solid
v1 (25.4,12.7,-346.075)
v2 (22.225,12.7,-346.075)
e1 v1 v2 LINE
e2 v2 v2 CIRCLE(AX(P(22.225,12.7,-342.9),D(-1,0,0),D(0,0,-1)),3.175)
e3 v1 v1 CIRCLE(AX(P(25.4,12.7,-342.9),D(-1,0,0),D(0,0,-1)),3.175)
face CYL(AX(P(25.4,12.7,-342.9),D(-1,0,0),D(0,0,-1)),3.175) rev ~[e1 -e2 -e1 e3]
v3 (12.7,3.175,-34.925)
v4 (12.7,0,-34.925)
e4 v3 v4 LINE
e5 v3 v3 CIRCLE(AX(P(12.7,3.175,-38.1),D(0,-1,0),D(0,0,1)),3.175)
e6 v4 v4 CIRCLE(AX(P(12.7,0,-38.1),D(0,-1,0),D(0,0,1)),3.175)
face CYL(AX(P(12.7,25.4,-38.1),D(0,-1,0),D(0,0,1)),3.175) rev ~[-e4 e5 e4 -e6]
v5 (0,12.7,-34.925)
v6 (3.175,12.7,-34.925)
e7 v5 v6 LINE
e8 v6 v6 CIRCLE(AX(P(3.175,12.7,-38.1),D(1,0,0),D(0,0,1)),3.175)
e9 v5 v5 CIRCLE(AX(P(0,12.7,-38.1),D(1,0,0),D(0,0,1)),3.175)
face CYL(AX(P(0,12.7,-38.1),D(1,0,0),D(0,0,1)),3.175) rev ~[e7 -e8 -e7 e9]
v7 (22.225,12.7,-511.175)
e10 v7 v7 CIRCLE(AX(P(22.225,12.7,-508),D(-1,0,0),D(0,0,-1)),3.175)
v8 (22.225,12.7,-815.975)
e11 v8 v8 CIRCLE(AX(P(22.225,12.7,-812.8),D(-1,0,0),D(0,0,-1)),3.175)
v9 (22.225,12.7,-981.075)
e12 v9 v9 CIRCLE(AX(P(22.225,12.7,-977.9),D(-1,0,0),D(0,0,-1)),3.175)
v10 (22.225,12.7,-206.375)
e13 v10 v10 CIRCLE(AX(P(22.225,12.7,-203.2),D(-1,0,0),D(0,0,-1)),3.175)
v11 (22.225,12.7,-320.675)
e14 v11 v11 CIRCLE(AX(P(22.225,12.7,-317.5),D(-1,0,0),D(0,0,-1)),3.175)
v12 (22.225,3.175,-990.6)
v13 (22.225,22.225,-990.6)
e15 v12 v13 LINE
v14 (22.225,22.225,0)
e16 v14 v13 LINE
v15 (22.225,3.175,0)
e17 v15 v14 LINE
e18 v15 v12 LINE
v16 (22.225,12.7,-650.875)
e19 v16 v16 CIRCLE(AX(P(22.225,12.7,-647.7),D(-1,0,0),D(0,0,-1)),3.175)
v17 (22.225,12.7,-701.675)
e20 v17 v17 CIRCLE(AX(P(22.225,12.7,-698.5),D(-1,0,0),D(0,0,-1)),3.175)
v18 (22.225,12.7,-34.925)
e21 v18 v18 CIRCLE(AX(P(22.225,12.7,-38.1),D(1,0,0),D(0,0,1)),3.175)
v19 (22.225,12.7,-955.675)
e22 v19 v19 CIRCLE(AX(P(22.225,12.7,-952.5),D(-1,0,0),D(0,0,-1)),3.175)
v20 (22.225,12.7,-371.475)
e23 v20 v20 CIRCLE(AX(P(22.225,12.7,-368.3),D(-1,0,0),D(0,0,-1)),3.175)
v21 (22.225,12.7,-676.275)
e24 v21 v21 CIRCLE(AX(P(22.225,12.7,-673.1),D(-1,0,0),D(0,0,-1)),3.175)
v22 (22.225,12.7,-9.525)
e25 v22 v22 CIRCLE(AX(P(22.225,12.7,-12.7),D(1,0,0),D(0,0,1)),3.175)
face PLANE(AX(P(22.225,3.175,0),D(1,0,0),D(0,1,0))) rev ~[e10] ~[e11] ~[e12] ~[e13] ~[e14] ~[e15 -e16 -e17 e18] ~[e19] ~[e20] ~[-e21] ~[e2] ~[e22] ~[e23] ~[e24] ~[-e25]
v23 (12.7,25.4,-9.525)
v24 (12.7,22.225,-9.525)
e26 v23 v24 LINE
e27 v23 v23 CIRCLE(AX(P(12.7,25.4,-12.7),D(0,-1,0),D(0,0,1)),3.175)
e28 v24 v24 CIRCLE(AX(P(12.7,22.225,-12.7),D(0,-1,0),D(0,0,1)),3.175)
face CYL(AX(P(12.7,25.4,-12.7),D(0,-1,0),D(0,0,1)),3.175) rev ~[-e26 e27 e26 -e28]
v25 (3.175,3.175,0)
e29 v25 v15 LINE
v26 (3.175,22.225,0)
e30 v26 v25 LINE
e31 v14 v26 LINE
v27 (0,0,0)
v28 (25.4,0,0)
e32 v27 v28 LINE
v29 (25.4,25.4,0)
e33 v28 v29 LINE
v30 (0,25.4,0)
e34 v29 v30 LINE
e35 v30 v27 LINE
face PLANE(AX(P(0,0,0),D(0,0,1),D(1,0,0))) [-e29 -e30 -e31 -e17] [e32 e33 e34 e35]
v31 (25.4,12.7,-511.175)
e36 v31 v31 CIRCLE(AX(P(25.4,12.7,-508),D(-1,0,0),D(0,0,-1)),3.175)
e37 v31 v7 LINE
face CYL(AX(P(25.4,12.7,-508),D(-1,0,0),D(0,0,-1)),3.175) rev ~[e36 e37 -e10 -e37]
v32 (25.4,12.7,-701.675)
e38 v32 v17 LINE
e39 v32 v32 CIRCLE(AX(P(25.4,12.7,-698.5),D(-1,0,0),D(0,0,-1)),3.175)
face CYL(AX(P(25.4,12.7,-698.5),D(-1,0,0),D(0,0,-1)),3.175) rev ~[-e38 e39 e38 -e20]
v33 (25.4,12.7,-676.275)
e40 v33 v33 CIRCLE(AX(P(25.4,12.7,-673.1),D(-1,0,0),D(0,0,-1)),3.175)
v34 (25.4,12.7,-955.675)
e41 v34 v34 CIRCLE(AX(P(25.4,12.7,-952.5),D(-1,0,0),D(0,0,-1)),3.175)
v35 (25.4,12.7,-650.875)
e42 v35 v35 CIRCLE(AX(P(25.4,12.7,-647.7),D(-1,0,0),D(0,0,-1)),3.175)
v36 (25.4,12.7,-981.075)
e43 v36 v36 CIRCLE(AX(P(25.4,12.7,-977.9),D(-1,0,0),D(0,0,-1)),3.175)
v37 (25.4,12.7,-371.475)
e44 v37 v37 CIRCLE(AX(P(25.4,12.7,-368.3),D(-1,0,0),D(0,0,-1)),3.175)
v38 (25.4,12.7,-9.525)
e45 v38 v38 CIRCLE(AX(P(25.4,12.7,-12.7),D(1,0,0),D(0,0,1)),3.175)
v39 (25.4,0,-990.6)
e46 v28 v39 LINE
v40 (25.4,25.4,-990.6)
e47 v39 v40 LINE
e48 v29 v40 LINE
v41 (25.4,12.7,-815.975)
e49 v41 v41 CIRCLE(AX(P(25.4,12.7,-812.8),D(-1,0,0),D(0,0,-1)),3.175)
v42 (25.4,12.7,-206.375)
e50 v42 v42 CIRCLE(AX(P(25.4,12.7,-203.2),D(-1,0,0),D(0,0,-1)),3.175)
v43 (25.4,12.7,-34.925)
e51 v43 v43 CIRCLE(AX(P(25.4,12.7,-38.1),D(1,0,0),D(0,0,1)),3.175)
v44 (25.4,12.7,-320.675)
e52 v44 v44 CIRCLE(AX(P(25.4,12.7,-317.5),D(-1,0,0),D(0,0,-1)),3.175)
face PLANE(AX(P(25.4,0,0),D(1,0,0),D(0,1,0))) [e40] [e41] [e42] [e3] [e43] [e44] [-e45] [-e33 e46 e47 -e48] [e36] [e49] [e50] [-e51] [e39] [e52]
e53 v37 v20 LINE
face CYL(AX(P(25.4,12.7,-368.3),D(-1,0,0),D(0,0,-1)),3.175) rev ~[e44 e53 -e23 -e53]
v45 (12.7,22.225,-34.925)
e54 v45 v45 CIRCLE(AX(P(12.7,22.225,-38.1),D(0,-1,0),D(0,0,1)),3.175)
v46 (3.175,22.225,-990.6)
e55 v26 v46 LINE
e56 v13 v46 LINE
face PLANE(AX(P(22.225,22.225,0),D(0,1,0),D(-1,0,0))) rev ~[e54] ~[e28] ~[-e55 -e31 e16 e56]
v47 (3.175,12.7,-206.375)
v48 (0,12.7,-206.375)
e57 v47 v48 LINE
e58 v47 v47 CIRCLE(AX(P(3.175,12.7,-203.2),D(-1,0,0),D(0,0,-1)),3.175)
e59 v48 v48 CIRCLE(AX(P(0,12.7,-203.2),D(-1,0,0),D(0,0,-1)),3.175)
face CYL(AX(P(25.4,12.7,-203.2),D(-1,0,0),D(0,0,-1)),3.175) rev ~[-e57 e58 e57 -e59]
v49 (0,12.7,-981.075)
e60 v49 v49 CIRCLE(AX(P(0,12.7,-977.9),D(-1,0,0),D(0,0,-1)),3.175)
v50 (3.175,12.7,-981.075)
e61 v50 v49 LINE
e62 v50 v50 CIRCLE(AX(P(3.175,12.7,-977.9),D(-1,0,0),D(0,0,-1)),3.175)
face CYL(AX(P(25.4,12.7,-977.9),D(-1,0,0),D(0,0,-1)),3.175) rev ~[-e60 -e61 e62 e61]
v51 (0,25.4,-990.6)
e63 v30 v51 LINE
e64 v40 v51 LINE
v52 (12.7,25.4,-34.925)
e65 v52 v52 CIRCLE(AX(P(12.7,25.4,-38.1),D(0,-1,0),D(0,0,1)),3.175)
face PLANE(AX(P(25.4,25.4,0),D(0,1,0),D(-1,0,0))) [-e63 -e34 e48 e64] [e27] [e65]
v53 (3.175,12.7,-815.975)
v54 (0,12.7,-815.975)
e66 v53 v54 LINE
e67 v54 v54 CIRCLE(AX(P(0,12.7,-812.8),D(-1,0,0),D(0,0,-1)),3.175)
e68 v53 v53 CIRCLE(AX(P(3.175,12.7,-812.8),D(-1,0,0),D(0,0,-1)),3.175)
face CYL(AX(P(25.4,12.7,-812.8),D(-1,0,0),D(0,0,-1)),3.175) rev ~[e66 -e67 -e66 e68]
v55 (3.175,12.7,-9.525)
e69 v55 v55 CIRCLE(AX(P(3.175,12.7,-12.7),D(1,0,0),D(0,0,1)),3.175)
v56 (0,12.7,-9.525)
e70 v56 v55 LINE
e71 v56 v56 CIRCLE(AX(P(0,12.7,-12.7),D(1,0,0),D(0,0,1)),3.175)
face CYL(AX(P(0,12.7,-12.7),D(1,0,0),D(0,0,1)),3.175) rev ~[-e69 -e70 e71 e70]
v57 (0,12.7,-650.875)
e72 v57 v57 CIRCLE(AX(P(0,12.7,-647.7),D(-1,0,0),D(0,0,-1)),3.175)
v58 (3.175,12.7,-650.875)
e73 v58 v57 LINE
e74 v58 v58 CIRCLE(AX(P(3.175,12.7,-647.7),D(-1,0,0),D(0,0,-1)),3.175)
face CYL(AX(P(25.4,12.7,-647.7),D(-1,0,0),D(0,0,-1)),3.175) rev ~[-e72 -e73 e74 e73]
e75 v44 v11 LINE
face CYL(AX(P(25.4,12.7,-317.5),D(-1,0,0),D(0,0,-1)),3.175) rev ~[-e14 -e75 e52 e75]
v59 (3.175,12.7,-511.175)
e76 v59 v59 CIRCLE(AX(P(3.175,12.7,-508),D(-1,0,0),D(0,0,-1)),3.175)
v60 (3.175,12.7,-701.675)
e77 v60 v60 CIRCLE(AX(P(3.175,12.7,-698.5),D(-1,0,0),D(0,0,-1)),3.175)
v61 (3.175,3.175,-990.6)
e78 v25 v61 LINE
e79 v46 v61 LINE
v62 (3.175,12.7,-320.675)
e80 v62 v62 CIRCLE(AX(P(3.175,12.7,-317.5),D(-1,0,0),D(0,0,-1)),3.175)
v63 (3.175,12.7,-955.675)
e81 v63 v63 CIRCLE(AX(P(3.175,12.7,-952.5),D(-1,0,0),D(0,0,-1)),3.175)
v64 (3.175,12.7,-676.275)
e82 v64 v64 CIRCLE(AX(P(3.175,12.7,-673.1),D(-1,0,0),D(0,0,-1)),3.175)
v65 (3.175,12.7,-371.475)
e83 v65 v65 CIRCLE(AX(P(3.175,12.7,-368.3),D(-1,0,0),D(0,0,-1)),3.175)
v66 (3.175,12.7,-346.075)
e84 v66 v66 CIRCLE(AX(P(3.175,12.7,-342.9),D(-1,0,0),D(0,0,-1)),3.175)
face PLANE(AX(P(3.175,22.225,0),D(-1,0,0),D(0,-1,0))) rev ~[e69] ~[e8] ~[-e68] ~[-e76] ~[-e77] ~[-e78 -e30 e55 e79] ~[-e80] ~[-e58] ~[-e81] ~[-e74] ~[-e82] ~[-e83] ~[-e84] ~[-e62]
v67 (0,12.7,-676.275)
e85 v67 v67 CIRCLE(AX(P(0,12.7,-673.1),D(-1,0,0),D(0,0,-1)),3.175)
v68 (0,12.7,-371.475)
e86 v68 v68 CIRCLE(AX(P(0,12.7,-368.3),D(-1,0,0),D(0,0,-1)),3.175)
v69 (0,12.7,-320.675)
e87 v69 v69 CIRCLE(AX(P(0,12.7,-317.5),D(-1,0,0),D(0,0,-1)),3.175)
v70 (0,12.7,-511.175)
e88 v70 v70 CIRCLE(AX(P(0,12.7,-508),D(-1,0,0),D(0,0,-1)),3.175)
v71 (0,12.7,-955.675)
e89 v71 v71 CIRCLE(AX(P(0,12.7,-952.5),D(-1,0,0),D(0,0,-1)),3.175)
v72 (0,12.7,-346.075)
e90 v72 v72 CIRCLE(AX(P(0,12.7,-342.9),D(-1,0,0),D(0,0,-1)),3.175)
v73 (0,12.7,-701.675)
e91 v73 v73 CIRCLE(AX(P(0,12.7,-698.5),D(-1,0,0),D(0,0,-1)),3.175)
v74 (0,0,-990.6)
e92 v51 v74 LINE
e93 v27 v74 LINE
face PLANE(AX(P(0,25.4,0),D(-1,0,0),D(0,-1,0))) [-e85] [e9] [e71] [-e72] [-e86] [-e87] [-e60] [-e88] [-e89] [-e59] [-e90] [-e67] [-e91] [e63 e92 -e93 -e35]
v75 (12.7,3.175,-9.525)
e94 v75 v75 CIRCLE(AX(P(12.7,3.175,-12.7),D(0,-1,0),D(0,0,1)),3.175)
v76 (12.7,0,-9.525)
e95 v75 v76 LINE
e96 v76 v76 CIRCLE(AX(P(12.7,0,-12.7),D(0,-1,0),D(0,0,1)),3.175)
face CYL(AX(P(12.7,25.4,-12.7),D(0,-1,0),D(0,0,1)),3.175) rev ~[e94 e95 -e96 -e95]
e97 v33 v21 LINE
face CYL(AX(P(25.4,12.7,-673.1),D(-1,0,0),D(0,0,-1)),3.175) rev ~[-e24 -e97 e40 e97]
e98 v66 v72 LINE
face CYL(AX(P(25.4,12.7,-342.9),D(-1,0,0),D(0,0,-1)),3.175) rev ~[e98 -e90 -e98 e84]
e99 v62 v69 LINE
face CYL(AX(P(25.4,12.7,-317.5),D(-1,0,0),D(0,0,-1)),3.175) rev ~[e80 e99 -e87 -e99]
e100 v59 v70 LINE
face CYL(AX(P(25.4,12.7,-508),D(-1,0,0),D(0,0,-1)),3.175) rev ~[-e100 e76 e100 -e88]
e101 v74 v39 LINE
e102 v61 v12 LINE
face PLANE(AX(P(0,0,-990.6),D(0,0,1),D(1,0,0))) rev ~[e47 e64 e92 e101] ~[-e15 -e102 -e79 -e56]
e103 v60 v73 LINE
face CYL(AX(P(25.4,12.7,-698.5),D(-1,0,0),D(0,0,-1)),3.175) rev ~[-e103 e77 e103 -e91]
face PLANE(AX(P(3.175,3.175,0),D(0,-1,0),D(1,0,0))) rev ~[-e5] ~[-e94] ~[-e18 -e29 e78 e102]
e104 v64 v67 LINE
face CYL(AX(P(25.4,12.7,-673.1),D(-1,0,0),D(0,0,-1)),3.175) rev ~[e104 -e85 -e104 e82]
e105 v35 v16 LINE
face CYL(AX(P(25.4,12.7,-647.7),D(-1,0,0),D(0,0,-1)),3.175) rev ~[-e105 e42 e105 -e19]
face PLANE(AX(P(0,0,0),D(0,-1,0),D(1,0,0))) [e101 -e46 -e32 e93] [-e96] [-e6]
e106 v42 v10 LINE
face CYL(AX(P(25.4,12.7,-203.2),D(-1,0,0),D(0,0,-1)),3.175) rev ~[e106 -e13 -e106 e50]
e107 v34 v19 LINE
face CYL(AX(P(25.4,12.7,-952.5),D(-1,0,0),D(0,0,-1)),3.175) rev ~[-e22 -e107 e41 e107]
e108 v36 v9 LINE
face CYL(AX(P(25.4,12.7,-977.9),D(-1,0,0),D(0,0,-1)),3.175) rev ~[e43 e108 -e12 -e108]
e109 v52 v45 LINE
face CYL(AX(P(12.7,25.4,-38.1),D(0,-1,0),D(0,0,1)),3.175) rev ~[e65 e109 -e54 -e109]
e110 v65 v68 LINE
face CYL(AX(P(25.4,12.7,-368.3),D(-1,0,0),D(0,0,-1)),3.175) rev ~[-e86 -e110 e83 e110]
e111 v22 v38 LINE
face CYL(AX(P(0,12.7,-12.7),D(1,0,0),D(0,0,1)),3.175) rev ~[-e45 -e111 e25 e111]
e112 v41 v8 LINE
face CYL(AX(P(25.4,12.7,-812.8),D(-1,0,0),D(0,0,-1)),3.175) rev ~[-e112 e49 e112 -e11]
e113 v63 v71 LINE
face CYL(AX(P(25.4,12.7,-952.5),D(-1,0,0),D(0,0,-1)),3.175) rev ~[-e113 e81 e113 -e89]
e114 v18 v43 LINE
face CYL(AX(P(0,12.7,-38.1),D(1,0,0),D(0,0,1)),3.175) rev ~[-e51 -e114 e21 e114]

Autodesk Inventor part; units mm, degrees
ref_plane "YZ Plane" through (0, 0, 0) normal (1, 0, 0) x (0, 1, 0)
ref_plane "XZ Plane" through (0, 0, 0) normal (0, 1, 0) x (-1, 0, 0)
ref_plane "XY Plane" through (0, 0, 0) normal (0, 0, 1) x (1, 0, 0)
sketch "Sketch1" plane through (0, 0, 0) normal (0, 0, 1) x (1, 0, 0)
  line L0 (0, 0) -> (25.4, 0)
  line L1 (25.4, 0) -> (25.4, 25.4)
  line L2 (25.4, 25.4) -> (0, 25.4)
  line L3 (0, 25.4) -> (0, 0)
  line L4 (3.175, 3.175) -> (22.225, 3.175)
  line L5 (22.225, 3.175) -> (22.225, 22.225)
  line L6 (22.225, 22.225) -> (3.175, 22.225)
  line L7 (3.175, 22.225) -> (3.175, 3.175)
  dimension "d0" = 25.4
  dimension "d1" = 25.4
  dimension "d2" = 3.175
extrude "Extrusion1" add sketch "Sketch1" against normal blind 990.6
sketch "Sketch3" plane through (0, 25.4, 0) normal (0, 1, 0) x (1, 0, 0)
  line L0 (25.4, 0) -> (0, 0) projected
  point P0 (12.7, 12.7)
  point P1 (12.7, 38.1)
  dimension "d24" = 12.7
  dimension "d25" = 25.4
hole "Hole3" at (12.7, 25.4, -12.7) at (12.7, 25.4, -38.1) direction (0, -1, 0) diameter 6.35 depth 25.4 tip angle 118
sketch "Sketch4" plane through (0, 0, 0) normal (-1, 0, 0) x (0, 0, 1)
  line L0 (0, 25.4) -> (0, 0) projected
  point P0 (-12.7, 12.7)
  point P1 (-38.1, 12.7)
  dimension "d33" = 12.7
  dimension "d34" = 25.4
hole "Hole4" at (0, 12.7, -12.7) at (0, 12.7, -38.1) direction (1, 0, 0) diameter 6.35 depth 25.4 tip angle 118
sketch "Sketch5" plane through (25.4, 0, 0) normal (1, 0, 0) x (0, 0, -1)
  line L0 (0, 0) -> (0, 25.4) projected
  point P0 (317.5, 12.7)
  point P1 (342.9, 12.7)
  point P2 (368.3, 12.7)
  point P3 (647.7, 12.7)
  point P4 (673.1, 12.7)
  point P5 (698.5, 12.7)
  point P6 (812.8, 12.7)
  point P7 (508, 12.7)
  point P8 (203.2, 12.7)
  point P9 (977.9, 12.7)
  point P10 (952.5, 12.7)
  dimension "d42" = 317.5
  dimension "d43" = 25.4
  dimension "d44" = 25.4
  dimension "d45" = 25.4
  dimension "d46" = 25.4
  dimension "d47" = 279.4
  dimension "d55" = 114.3
  dimension "d56" = 139.7
  dimension "d57" = 114.3
  dimension "d58" = 25.4
  dimension "d59" = 139.7
hole "Hole5" at (25.4, 12.7, -317.5) at (25.4, 12.7, -342.9) at (25.4, 12.7, -368.3) at (25.4, 12.7, -647.7) at (25.4, 12.7, -673.1) at (25.4, 12.7, -698.5) at (25.4, 12.7, -203.2) at (25.4, 12.7, -508) at (25.4, 12.7, -812.8) at (25.4, 12.7, -952.5) at (25.4, 12.7, -977.9) direction (-1, 0, 0) diameter 6.35 depth 25.4 tip angle 118
properties part number "towertallfrontthing"
